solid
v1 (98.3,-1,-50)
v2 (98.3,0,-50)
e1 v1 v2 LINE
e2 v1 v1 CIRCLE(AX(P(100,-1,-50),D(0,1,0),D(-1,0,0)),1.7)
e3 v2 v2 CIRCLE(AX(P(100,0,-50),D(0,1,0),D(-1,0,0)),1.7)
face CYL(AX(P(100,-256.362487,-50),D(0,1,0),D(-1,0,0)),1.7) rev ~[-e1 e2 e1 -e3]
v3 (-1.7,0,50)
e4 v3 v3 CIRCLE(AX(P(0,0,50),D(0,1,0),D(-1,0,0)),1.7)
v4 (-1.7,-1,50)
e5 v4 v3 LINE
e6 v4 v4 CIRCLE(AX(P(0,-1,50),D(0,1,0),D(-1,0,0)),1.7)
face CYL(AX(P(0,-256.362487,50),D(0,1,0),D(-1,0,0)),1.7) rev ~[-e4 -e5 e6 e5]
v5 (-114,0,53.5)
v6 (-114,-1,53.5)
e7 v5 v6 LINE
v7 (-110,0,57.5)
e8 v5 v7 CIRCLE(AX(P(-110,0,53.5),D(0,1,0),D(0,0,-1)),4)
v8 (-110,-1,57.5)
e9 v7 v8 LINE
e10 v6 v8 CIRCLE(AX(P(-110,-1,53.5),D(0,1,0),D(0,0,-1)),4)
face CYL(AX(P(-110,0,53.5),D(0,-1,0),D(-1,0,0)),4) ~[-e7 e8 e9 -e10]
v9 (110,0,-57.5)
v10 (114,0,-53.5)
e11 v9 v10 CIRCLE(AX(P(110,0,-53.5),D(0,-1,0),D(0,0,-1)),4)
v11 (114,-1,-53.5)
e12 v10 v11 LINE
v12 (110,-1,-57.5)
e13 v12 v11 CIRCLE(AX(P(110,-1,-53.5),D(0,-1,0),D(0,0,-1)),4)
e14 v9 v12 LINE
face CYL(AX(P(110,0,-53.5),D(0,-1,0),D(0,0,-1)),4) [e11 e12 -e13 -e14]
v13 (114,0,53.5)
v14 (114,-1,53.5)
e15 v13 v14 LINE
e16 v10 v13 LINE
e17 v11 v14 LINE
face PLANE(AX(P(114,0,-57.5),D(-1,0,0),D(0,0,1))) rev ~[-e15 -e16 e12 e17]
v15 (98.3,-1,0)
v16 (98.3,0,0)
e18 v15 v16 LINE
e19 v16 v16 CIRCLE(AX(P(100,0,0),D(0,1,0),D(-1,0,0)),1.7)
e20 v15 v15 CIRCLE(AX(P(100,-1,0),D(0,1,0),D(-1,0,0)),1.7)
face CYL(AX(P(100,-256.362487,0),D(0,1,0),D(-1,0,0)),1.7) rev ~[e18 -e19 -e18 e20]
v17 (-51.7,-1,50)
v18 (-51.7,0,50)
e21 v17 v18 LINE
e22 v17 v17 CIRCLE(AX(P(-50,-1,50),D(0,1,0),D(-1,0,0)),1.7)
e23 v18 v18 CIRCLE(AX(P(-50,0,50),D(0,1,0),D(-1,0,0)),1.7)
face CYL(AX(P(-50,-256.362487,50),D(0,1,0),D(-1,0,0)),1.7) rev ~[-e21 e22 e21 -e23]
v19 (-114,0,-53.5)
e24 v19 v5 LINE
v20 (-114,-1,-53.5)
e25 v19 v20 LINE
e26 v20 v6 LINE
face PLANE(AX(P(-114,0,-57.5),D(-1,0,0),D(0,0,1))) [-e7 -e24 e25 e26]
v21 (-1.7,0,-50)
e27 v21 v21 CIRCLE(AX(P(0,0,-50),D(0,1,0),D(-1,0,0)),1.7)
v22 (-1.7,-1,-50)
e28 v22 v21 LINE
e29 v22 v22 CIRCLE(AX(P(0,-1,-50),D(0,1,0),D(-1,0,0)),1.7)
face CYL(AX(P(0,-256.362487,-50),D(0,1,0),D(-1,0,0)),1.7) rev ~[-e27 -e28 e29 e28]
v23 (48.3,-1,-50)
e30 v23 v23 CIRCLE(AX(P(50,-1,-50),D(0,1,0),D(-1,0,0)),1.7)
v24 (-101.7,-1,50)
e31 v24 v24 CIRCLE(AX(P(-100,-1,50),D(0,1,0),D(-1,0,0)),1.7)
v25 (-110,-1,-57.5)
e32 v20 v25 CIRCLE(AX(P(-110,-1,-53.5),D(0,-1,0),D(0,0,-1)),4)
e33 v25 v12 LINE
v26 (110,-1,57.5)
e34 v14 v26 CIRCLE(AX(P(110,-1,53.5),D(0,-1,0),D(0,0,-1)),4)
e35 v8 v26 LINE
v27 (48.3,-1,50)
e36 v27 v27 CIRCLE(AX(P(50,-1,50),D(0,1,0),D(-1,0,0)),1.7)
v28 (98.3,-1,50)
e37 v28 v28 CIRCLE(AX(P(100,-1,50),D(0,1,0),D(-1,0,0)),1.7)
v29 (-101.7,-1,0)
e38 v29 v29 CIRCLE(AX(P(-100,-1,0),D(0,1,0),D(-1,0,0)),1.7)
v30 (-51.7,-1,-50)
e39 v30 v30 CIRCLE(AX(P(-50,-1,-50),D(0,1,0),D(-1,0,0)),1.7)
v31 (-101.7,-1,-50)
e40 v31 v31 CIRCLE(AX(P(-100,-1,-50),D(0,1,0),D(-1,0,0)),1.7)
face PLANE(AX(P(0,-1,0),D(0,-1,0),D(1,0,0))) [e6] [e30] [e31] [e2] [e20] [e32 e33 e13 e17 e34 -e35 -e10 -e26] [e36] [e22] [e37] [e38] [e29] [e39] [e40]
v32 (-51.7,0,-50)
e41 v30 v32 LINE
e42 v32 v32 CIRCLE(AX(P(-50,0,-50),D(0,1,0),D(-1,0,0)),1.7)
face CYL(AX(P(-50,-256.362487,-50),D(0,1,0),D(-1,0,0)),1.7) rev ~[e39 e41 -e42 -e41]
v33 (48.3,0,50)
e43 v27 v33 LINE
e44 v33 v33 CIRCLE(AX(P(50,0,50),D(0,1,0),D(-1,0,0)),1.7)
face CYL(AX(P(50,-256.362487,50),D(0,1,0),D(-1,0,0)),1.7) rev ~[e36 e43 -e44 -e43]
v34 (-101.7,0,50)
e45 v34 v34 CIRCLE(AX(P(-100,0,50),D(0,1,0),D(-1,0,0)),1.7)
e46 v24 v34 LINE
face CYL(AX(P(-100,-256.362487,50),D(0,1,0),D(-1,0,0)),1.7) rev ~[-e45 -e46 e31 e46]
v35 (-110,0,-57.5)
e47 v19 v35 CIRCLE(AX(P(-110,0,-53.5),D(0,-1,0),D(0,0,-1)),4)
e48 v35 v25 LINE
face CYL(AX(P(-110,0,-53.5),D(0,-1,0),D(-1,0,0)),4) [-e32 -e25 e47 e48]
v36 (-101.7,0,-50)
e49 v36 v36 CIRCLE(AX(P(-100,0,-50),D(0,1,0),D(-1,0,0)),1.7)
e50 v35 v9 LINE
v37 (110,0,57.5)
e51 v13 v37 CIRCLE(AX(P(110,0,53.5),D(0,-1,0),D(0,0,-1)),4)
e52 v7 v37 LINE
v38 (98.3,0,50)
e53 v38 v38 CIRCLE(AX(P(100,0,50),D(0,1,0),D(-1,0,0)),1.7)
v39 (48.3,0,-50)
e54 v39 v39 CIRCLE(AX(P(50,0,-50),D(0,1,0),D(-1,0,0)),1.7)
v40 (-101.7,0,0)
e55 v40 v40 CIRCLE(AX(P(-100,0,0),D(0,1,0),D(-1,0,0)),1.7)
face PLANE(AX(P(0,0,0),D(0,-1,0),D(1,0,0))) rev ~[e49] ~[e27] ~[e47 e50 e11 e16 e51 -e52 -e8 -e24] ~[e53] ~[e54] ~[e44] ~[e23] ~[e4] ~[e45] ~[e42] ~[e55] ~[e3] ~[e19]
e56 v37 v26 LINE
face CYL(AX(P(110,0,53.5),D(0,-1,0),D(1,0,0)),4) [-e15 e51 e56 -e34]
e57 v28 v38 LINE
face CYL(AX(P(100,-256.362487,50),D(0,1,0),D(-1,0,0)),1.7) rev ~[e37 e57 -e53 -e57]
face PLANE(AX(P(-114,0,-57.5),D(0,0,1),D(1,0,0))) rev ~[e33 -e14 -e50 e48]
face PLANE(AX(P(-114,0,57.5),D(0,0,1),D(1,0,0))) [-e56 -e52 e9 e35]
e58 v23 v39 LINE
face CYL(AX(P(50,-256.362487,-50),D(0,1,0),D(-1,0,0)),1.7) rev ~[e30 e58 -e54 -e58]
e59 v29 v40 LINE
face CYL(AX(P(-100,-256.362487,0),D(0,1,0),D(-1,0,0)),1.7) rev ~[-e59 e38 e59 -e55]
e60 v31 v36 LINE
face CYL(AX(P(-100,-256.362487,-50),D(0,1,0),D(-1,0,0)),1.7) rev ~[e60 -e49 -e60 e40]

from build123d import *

# Parameters (mm, degrees)
F0_W     = 228
F0_H     = 115
F1_DEPTH = 1
F2_R     = 4
F4_D     = 3.4


with BuildPart() as f1:
    # F0 (on Front) → F1 (new body)
    with BuildSketch(Plane.XZ):
        Rectangle(F0_W, F0_H)
    extrude(amount=F1_DEPTH)

    # F2
    f2_edges = [f1.edges().sort_by_distance(p)[0] for p in [
        (114, -0.5, 57.5),
        (-114, -0.5, 57.5),
        (-114, -0.5, -57.5),
        (114, -0.5, -57.5),
    ]]
    fillet(f2_edges, radius=F2_R)

    # F4 (through all)
    with Locations(Plane.XZ.offset(1)):
        with Locations((-50, 50), (-100, 0), (-100, -50), (-50, -50), (-100, 50), (0, 50), (100, -50), (0, -50), (50, -50), (100, 50), (100, 0), (50, 50)):
            Hole(F4_D / 2)


solid = f1.part
